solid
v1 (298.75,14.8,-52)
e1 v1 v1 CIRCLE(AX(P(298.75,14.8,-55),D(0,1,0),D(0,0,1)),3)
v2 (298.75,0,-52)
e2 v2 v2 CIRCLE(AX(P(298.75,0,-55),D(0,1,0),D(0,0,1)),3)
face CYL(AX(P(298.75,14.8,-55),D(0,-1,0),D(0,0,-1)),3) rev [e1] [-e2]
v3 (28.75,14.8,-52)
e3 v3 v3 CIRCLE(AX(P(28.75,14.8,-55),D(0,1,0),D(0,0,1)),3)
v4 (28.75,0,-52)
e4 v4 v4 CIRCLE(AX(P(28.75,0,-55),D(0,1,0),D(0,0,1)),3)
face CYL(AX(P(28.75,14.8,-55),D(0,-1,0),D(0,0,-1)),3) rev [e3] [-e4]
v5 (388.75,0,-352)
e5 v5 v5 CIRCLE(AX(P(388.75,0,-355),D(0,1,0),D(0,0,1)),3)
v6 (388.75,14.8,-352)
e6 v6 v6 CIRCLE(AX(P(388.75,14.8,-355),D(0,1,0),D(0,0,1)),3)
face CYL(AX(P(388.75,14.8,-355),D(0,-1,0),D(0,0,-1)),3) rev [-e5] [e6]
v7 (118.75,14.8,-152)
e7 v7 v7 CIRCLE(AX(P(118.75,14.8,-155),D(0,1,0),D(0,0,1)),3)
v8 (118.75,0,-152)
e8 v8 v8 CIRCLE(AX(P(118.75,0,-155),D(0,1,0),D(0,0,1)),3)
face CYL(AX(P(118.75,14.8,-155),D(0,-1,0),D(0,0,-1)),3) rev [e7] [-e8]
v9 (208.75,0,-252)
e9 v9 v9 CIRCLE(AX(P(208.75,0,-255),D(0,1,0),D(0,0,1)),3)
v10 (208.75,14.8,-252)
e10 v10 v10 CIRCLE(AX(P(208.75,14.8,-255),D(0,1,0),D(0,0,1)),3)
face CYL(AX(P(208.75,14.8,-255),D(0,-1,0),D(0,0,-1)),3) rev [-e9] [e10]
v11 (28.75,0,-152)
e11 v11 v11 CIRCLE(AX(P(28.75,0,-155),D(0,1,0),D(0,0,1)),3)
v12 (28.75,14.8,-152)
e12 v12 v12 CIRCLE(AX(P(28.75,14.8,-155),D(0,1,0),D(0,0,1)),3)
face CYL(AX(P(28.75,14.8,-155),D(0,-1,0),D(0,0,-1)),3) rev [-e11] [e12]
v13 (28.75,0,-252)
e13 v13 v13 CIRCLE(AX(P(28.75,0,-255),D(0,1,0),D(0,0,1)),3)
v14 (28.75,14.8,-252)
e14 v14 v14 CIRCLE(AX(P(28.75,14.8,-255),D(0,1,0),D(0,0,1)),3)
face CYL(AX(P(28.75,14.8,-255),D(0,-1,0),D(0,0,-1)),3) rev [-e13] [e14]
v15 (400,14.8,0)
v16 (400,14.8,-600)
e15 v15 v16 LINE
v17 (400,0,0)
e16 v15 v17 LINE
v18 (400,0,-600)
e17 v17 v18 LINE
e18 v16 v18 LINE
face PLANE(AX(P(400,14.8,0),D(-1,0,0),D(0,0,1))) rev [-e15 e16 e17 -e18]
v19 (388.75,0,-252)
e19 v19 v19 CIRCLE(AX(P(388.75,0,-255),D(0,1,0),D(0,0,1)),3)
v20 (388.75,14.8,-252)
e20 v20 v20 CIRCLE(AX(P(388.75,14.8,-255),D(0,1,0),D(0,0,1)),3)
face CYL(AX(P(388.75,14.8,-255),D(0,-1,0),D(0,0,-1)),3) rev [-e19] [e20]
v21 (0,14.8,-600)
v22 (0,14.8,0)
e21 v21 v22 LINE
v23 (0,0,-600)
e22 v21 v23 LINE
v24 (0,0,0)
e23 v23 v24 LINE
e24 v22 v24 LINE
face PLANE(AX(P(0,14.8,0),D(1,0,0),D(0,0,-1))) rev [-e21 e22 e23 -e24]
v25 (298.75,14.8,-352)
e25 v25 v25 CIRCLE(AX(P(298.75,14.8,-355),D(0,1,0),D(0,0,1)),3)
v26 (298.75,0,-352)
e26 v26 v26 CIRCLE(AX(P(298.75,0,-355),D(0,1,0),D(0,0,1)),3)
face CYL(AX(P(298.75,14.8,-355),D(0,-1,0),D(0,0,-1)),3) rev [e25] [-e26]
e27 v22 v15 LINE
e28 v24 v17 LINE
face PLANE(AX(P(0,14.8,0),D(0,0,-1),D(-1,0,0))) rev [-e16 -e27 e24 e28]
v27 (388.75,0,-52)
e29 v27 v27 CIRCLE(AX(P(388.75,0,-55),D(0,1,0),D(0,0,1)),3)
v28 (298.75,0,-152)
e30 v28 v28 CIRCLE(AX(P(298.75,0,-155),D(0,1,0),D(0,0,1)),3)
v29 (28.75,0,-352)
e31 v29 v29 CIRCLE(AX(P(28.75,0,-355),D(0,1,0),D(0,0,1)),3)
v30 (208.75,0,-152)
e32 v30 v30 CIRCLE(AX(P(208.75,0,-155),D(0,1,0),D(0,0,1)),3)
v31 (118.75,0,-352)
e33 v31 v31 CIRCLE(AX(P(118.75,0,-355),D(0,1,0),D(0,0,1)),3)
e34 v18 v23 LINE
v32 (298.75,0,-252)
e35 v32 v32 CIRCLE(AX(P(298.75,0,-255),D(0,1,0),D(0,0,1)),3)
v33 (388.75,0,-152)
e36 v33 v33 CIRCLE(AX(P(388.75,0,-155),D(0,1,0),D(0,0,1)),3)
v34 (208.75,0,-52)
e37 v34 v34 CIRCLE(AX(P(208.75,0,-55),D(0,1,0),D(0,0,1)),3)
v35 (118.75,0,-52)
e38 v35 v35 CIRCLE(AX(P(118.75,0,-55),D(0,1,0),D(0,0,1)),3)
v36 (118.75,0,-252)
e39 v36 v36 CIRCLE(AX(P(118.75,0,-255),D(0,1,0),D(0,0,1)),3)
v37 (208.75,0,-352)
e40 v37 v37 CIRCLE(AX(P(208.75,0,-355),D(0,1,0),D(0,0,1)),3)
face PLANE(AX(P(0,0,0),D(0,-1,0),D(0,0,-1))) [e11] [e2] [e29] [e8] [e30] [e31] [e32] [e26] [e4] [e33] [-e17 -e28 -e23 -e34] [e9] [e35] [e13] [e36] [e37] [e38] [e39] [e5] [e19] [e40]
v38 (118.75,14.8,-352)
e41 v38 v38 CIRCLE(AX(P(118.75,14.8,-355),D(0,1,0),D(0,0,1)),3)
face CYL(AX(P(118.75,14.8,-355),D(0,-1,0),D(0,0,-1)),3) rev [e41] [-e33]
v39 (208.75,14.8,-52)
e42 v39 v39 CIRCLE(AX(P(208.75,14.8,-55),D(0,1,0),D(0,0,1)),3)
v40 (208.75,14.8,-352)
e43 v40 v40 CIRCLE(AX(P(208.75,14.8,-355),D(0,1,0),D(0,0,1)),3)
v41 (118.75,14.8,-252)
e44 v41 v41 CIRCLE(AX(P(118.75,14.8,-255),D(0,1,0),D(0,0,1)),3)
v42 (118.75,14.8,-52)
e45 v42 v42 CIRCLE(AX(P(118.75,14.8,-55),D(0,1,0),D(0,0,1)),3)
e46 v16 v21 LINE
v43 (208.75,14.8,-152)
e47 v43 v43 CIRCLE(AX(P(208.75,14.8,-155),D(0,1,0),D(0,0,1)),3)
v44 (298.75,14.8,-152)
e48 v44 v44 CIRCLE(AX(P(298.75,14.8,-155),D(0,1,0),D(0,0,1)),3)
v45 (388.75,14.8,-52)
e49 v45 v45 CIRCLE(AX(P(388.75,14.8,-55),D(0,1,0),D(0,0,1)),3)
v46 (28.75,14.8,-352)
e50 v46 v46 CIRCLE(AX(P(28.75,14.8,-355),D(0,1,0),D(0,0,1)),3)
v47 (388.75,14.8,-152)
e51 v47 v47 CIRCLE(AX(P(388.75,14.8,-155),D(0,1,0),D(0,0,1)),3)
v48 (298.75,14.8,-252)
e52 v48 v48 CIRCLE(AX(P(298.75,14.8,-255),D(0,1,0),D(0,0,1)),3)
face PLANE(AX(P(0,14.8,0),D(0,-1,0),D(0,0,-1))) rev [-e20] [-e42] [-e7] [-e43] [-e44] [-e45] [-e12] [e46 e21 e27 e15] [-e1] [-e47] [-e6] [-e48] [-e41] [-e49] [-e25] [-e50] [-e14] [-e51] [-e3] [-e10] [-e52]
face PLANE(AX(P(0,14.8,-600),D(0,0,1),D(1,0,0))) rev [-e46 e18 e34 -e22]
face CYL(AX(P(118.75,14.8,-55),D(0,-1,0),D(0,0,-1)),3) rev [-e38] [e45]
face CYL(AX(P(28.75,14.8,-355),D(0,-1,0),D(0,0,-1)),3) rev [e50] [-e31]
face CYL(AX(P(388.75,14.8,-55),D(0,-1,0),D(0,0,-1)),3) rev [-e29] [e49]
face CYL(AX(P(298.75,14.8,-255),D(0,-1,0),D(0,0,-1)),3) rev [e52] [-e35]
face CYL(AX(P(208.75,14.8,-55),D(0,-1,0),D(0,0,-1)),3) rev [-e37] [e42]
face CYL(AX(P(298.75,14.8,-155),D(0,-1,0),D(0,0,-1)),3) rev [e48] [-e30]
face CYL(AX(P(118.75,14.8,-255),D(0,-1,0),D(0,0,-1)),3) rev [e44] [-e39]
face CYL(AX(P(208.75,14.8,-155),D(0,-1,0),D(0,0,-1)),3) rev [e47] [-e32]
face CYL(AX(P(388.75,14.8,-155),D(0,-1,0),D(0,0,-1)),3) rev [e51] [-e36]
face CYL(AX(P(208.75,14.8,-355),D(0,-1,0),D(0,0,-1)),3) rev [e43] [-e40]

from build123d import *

# Parameters (mm, degrees)
SKETCH1_W           = 400
SKETCH1_H           = 600
SKETCH1_R           = 3
BOSS_EXTRUDE1_DEPTH = 14.8


with BuildPart() as part:
    # Sketch1 → Boss-Extrude1 (new body)
    with BuildSketch(Plane(origin=(0, 0, 0), x_dir=(1, 0, 0), z_dir=(0, 1, 0))):
        with Locations((200, 300)):
            Rectangle(SKETCH1_W, SKETCH1_H)
        with Locations((28.75, 355)):
            Circle(SKETCH1_R, mode=Mode.SUBTRACT)
        with Locations((118.75, 355)):
            Circle(SKETCH1_R, mode=Mode.SUBTRACT)
        with Locations((208.75, 355)):
            Circle(SKETCH1_R, mode=Mode.SUBTRACT)
        with Locations((298.75, 355)):
            Circle(SKETCH1_R, mode=Mode.SUBTRACT)
        with Locations((388.75, 355)):
            Circle(SKETCH1_R, mode=Mode.SUBTRACT)
        with Locations((28.75, 255)):
            Circle(SKETCH1_R, mode=Mode.SUBTRACT)
        with Locations((118.75, 255)):
            Circle(SKETCH1_R, mode=Mode.SUBTRACT)
        with Locations((208.75, 255)):
            Circle(SKETCH1_R, mode=Mode.SUBTRACT)
        with Locations((298.75, 255)):
            Circle(SKETCH1_R, mode=Mode.SUBTRACT)
        with Locations((388.75, 255)):
            Circle(SKETCH1_R, mode=Mode.SUBTRACT)
        with Locations((28.75, 155)):
            Circle(SKETCH1_R, mode=Mode.SUBTRACT)
        with Locations((118.75, 155)):
            Circle(SKETCH1_R, mode=Mode.SUBTRACT)
        with Locations((208.75, 155)):
            Circle(SKETCH1_R, mode=Mode.SUBTRACT)
        with Locations((298.75, 155)):
            Circle(SKETCH1_R, mode=Mode.SUBTRACT)
        with Locations((388.75, 155)):
            Circle(SKETCH1_R, mode=Mode.SUBTRACT)
        with Locations((28.75, 55)):
            Circle(SKETCH1_R, mode=Mode.SUBTRACT)
        with Locations((118.75, 55)):
            Circle(SKETCH1_R, mode=Mode.SUBTRACT)
        with Locations((208.75, 55)):
            Circle(SKETCH1_R, mode=Mode.SUBTRACT)
        with Locations((298.75, 55)):
            Circle(SKETCH1_R, mode=Mode.SUBTRACT)
        with Locations((388.75, 55)):
            Circle(SKETCH1_R, mode=Mode.SUBTRACT)
    extrude(amount=BOSS_EXTRUDE1_DEPTH)


solid = part.part
